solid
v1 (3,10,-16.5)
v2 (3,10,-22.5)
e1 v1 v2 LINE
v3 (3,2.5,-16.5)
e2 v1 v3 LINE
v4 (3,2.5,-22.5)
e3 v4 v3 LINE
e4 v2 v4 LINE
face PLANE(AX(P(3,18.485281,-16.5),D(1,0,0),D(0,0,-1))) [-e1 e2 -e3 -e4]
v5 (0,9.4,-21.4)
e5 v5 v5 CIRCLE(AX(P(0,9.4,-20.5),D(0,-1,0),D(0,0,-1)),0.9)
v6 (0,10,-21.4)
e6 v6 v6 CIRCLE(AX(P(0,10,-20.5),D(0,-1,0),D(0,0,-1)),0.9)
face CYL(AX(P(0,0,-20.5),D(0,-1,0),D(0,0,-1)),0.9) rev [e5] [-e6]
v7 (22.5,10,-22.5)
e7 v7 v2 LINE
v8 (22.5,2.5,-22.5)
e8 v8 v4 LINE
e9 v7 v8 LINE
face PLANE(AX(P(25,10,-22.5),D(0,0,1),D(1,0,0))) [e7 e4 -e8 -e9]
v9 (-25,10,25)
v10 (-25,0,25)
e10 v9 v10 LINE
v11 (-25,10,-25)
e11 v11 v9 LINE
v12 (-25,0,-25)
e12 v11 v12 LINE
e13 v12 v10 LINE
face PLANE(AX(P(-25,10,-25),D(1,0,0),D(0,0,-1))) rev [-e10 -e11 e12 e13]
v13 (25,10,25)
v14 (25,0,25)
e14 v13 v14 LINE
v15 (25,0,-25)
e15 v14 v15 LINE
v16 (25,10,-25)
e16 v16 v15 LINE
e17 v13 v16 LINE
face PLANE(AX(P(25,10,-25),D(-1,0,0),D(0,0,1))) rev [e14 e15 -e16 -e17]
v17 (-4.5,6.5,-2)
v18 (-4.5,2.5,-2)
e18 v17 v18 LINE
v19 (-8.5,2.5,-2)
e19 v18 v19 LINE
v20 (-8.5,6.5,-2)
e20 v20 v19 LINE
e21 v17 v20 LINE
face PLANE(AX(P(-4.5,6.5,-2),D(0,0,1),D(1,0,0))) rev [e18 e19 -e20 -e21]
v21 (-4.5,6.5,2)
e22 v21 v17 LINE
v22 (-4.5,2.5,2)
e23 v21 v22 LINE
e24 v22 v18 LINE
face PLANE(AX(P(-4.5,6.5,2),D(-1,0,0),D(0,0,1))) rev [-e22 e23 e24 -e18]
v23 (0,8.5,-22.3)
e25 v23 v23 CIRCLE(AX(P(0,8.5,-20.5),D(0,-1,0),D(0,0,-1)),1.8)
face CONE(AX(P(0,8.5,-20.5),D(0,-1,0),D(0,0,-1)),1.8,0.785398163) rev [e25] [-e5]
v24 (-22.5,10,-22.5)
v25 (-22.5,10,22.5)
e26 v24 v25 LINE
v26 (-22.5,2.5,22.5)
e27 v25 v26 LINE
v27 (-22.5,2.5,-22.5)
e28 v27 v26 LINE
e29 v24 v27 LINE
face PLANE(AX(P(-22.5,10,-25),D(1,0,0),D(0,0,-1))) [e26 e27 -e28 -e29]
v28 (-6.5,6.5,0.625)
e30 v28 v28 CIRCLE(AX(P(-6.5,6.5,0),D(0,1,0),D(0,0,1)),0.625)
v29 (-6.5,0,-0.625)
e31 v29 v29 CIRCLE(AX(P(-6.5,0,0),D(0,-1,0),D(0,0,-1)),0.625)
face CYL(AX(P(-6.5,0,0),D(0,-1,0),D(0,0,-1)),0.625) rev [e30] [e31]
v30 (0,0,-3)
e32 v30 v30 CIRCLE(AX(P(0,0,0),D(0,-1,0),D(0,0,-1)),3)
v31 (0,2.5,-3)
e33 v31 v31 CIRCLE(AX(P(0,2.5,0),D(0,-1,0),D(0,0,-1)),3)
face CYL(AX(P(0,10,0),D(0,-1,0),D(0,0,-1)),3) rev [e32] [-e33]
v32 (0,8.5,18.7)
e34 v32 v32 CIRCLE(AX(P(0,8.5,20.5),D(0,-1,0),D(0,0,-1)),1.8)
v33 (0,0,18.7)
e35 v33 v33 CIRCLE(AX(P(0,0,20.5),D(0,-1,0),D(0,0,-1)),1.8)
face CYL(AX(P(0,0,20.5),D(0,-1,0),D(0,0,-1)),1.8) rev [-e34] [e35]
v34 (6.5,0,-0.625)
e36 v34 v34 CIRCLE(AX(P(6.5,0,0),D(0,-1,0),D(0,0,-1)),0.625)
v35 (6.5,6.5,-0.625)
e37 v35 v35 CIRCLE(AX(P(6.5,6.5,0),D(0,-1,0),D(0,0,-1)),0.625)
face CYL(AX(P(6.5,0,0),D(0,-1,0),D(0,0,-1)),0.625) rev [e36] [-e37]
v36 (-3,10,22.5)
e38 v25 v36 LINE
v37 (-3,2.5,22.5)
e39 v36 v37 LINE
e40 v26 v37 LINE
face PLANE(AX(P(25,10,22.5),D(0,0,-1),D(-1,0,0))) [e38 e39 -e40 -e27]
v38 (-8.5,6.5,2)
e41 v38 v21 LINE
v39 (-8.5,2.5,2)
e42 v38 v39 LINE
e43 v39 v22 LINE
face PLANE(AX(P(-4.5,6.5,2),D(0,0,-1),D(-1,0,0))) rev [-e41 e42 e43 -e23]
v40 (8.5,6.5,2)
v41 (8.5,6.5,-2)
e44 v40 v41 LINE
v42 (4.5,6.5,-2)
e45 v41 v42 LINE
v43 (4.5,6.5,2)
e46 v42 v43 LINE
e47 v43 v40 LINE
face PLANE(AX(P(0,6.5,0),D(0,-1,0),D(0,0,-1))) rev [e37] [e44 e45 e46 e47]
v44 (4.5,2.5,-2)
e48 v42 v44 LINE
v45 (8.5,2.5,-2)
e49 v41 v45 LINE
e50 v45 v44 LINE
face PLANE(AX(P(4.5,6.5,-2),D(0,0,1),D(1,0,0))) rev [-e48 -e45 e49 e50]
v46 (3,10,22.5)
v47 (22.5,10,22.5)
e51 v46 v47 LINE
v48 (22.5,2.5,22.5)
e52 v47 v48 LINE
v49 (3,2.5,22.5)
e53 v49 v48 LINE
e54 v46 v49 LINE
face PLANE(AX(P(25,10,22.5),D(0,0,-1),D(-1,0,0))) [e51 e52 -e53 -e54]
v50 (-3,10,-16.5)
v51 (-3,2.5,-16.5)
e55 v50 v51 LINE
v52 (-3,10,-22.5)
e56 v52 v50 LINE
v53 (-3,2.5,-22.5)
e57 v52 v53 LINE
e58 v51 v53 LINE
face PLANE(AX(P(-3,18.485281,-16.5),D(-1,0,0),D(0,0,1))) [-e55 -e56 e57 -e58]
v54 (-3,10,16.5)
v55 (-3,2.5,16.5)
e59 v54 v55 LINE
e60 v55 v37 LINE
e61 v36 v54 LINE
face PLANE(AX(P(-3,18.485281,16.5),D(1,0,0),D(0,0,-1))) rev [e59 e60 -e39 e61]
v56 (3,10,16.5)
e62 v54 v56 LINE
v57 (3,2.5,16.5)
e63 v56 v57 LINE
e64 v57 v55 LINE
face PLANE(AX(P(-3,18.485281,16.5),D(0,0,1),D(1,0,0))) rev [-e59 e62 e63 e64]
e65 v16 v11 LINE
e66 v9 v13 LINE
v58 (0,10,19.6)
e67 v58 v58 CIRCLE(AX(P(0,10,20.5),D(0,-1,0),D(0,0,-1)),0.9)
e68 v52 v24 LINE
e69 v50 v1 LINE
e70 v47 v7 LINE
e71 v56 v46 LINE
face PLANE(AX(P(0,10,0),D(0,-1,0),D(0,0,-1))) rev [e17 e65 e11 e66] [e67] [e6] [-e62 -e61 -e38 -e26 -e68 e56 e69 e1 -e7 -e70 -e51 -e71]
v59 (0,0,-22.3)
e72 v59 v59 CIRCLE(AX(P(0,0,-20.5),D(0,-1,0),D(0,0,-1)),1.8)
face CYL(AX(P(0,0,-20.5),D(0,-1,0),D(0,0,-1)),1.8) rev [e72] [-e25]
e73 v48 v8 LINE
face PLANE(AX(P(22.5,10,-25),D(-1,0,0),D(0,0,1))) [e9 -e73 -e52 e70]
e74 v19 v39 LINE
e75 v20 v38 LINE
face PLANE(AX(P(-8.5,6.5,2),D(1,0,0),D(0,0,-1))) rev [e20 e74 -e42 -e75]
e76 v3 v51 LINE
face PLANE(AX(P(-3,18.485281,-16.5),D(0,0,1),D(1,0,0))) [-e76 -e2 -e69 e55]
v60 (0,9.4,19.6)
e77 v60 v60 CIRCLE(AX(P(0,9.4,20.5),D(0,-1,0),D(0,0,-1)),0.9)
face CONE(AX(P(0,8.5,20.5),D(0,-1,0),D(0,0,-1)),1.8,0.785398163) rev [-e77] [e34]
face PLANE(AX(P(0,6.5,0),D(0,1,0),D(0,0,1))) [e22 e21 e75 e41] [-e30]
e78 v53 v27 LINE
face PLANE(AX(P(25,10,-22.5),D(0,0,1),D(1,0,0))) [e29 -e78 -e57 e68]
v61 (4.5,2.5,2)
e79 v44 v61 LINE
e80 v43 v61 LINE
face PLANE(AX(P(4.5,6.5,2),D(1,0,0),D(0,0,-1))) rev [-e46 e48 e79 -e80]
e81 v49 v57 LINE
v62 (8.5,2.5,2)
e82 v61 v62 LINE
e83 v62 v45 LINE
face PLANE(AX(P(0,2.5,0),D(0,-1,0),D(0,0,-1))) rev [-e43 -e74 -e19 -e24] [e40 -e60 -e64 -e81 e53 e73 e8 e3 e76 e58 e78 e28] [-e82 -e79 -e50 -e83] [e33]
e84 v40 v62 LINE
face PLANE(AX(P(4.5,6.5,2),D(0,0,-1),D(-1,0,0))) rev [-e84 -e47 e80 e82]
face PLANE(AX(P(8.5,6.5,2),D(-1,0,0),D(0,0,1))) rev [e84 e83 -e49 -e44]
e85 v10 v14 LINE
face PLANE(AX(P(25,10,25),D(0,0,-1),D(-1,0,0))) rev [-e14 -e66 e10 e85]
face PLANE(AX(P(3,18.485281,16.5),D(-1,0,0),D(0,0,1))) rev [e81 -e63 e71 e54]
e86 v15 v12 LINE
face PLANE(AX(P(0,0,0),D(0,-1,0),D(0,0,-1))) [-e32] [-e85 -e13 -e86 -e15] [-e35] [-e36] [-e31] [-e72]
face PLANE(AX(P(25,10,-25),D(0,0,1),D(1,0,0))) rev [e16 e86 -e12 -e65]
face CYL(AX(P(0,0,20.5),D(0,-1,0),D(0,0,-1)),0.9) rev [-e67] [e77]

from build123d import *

# Parameters (mm, degrees)
SKETCH1_W           = 50
SKETCH1_H           = 50
BOSS_EXTRUDE1_DEPTH = 10
SHELL1_T            = -2.5
SKETCH5_W           = 6
SKETCH5_H           = 6
BOSS_EXTRUDE3_DEPTH = 7.5
SKETCH9_R           = 3
CUT_EXTRUDE1_DEPTH  = 37.742346142
SKETCH15_W          = 4
SKETCH15_H          = 4
BOSS_EXTRUDE5_DEPTH = 4
M1_6_TAPPED_HOLE2_D = 1.25


with BuildPart() as part:
    # Sketch1 → Boss-Extrude1 (new body)
    with BuildSketch(Plane(origin=(0, 0, 0), x_dir=(1, 0, 0), z_dir=(0, 1, 0))):
        Rectangle(SKETCH1_W, SKETCH1_H)
    extrude(amount=BOSS_EXTRUDE1_DEPTH)

    # Shell1
    shell1_openings = [part.faces().sort_by_distance(p)[0] for p in [
        (0, 10, 0),
    ]]
    offset(amount=SHELL1_T, openings=shell1_openings, kind=Kind.INTERSECTION)

    # Sketch5 → Boss-Extrude3 (add)
    with BuildSketch(Plane(origin=(0, 2.5, 0), x_dir=(1, 0, 0), z_dir=(0, 1, 0))):
        with Locations((0, -19.5)):
            Rectangle(SKETCH5_W, SKETCH5_H)
    boss_extrude3 = extrude(amount=BOSS_EXTRUDE3_DEPTH)

    # Sketch8 → CSK SLOT for M1.6 Countersunk Flat Head Screw1 (revolve, cut)
    with BuildSketch(Plane(origin=(0, 0, 20.5), x_dir=(0, 0, -1), z_dir=(1, 0, 0))):
        Polygon((0, 0), (0, 10), (0.9, 10), (0.9, 9.4), (1.8, 8.5), (1.8, 0), align=None)
    csk_slot_for_m1_6_countersunk_flat_head = revolve(axis=Axis((0, -6.35, 20.5), (0, 1, 0)), mode=Mode.SUBTRACT)

    # Mirror1: Boss-Extrude3, CSK SLOT for M1.6 Countersunk Flat Head Screw1 across plane
    add(boss_extrude3.mirror(Plane.XY))
    add(csk_slot_for_m1_6_countersunk_flat_head.mirror(Plane.XY), mode=Mode.SUBTRACT)

    # Sketch9 → Cut-Extrude1 (cut, through all)
    with BuildSketch(Plane.XZ):
        with Locations(Location((0, 0, 0), (0, 0, 270))):
            Circle(SKETCH9_R)
    extrude(amount=-CUT_EXTRUDE1_DEPTH, mode=Mode.SUBTRACT)

    # Sketch15 → Boss-Extrude5 (add)
    with BuildSketch(Plane(origin=(0, 2.5, 0), x_dir=(1, 0, 0), z_dir=(0, 1, 0))):
        with Locations((-6.5, 0)):
            Rectangle(SKETCH15_W, SKETCH15_H)
        with Locations((6.5, 0)):
            Rectangle(SKETCH15_W, SKETCH15_H)
    extrude(amount=BOSS_EXTRUDE5_DEPTH)

    # M1.6 Tapped Hole2 (through all)
    with Locations(Plane(origin=(0, 0, 0), x_dir=(-1, 0, 0), z_dir=(0, -1, 0))):
        with Locations((-6.5, 0), (6.5, 0)):
            Hole(M1_6_TAPPED_HOLE2_D / 2)


solid = part.part
